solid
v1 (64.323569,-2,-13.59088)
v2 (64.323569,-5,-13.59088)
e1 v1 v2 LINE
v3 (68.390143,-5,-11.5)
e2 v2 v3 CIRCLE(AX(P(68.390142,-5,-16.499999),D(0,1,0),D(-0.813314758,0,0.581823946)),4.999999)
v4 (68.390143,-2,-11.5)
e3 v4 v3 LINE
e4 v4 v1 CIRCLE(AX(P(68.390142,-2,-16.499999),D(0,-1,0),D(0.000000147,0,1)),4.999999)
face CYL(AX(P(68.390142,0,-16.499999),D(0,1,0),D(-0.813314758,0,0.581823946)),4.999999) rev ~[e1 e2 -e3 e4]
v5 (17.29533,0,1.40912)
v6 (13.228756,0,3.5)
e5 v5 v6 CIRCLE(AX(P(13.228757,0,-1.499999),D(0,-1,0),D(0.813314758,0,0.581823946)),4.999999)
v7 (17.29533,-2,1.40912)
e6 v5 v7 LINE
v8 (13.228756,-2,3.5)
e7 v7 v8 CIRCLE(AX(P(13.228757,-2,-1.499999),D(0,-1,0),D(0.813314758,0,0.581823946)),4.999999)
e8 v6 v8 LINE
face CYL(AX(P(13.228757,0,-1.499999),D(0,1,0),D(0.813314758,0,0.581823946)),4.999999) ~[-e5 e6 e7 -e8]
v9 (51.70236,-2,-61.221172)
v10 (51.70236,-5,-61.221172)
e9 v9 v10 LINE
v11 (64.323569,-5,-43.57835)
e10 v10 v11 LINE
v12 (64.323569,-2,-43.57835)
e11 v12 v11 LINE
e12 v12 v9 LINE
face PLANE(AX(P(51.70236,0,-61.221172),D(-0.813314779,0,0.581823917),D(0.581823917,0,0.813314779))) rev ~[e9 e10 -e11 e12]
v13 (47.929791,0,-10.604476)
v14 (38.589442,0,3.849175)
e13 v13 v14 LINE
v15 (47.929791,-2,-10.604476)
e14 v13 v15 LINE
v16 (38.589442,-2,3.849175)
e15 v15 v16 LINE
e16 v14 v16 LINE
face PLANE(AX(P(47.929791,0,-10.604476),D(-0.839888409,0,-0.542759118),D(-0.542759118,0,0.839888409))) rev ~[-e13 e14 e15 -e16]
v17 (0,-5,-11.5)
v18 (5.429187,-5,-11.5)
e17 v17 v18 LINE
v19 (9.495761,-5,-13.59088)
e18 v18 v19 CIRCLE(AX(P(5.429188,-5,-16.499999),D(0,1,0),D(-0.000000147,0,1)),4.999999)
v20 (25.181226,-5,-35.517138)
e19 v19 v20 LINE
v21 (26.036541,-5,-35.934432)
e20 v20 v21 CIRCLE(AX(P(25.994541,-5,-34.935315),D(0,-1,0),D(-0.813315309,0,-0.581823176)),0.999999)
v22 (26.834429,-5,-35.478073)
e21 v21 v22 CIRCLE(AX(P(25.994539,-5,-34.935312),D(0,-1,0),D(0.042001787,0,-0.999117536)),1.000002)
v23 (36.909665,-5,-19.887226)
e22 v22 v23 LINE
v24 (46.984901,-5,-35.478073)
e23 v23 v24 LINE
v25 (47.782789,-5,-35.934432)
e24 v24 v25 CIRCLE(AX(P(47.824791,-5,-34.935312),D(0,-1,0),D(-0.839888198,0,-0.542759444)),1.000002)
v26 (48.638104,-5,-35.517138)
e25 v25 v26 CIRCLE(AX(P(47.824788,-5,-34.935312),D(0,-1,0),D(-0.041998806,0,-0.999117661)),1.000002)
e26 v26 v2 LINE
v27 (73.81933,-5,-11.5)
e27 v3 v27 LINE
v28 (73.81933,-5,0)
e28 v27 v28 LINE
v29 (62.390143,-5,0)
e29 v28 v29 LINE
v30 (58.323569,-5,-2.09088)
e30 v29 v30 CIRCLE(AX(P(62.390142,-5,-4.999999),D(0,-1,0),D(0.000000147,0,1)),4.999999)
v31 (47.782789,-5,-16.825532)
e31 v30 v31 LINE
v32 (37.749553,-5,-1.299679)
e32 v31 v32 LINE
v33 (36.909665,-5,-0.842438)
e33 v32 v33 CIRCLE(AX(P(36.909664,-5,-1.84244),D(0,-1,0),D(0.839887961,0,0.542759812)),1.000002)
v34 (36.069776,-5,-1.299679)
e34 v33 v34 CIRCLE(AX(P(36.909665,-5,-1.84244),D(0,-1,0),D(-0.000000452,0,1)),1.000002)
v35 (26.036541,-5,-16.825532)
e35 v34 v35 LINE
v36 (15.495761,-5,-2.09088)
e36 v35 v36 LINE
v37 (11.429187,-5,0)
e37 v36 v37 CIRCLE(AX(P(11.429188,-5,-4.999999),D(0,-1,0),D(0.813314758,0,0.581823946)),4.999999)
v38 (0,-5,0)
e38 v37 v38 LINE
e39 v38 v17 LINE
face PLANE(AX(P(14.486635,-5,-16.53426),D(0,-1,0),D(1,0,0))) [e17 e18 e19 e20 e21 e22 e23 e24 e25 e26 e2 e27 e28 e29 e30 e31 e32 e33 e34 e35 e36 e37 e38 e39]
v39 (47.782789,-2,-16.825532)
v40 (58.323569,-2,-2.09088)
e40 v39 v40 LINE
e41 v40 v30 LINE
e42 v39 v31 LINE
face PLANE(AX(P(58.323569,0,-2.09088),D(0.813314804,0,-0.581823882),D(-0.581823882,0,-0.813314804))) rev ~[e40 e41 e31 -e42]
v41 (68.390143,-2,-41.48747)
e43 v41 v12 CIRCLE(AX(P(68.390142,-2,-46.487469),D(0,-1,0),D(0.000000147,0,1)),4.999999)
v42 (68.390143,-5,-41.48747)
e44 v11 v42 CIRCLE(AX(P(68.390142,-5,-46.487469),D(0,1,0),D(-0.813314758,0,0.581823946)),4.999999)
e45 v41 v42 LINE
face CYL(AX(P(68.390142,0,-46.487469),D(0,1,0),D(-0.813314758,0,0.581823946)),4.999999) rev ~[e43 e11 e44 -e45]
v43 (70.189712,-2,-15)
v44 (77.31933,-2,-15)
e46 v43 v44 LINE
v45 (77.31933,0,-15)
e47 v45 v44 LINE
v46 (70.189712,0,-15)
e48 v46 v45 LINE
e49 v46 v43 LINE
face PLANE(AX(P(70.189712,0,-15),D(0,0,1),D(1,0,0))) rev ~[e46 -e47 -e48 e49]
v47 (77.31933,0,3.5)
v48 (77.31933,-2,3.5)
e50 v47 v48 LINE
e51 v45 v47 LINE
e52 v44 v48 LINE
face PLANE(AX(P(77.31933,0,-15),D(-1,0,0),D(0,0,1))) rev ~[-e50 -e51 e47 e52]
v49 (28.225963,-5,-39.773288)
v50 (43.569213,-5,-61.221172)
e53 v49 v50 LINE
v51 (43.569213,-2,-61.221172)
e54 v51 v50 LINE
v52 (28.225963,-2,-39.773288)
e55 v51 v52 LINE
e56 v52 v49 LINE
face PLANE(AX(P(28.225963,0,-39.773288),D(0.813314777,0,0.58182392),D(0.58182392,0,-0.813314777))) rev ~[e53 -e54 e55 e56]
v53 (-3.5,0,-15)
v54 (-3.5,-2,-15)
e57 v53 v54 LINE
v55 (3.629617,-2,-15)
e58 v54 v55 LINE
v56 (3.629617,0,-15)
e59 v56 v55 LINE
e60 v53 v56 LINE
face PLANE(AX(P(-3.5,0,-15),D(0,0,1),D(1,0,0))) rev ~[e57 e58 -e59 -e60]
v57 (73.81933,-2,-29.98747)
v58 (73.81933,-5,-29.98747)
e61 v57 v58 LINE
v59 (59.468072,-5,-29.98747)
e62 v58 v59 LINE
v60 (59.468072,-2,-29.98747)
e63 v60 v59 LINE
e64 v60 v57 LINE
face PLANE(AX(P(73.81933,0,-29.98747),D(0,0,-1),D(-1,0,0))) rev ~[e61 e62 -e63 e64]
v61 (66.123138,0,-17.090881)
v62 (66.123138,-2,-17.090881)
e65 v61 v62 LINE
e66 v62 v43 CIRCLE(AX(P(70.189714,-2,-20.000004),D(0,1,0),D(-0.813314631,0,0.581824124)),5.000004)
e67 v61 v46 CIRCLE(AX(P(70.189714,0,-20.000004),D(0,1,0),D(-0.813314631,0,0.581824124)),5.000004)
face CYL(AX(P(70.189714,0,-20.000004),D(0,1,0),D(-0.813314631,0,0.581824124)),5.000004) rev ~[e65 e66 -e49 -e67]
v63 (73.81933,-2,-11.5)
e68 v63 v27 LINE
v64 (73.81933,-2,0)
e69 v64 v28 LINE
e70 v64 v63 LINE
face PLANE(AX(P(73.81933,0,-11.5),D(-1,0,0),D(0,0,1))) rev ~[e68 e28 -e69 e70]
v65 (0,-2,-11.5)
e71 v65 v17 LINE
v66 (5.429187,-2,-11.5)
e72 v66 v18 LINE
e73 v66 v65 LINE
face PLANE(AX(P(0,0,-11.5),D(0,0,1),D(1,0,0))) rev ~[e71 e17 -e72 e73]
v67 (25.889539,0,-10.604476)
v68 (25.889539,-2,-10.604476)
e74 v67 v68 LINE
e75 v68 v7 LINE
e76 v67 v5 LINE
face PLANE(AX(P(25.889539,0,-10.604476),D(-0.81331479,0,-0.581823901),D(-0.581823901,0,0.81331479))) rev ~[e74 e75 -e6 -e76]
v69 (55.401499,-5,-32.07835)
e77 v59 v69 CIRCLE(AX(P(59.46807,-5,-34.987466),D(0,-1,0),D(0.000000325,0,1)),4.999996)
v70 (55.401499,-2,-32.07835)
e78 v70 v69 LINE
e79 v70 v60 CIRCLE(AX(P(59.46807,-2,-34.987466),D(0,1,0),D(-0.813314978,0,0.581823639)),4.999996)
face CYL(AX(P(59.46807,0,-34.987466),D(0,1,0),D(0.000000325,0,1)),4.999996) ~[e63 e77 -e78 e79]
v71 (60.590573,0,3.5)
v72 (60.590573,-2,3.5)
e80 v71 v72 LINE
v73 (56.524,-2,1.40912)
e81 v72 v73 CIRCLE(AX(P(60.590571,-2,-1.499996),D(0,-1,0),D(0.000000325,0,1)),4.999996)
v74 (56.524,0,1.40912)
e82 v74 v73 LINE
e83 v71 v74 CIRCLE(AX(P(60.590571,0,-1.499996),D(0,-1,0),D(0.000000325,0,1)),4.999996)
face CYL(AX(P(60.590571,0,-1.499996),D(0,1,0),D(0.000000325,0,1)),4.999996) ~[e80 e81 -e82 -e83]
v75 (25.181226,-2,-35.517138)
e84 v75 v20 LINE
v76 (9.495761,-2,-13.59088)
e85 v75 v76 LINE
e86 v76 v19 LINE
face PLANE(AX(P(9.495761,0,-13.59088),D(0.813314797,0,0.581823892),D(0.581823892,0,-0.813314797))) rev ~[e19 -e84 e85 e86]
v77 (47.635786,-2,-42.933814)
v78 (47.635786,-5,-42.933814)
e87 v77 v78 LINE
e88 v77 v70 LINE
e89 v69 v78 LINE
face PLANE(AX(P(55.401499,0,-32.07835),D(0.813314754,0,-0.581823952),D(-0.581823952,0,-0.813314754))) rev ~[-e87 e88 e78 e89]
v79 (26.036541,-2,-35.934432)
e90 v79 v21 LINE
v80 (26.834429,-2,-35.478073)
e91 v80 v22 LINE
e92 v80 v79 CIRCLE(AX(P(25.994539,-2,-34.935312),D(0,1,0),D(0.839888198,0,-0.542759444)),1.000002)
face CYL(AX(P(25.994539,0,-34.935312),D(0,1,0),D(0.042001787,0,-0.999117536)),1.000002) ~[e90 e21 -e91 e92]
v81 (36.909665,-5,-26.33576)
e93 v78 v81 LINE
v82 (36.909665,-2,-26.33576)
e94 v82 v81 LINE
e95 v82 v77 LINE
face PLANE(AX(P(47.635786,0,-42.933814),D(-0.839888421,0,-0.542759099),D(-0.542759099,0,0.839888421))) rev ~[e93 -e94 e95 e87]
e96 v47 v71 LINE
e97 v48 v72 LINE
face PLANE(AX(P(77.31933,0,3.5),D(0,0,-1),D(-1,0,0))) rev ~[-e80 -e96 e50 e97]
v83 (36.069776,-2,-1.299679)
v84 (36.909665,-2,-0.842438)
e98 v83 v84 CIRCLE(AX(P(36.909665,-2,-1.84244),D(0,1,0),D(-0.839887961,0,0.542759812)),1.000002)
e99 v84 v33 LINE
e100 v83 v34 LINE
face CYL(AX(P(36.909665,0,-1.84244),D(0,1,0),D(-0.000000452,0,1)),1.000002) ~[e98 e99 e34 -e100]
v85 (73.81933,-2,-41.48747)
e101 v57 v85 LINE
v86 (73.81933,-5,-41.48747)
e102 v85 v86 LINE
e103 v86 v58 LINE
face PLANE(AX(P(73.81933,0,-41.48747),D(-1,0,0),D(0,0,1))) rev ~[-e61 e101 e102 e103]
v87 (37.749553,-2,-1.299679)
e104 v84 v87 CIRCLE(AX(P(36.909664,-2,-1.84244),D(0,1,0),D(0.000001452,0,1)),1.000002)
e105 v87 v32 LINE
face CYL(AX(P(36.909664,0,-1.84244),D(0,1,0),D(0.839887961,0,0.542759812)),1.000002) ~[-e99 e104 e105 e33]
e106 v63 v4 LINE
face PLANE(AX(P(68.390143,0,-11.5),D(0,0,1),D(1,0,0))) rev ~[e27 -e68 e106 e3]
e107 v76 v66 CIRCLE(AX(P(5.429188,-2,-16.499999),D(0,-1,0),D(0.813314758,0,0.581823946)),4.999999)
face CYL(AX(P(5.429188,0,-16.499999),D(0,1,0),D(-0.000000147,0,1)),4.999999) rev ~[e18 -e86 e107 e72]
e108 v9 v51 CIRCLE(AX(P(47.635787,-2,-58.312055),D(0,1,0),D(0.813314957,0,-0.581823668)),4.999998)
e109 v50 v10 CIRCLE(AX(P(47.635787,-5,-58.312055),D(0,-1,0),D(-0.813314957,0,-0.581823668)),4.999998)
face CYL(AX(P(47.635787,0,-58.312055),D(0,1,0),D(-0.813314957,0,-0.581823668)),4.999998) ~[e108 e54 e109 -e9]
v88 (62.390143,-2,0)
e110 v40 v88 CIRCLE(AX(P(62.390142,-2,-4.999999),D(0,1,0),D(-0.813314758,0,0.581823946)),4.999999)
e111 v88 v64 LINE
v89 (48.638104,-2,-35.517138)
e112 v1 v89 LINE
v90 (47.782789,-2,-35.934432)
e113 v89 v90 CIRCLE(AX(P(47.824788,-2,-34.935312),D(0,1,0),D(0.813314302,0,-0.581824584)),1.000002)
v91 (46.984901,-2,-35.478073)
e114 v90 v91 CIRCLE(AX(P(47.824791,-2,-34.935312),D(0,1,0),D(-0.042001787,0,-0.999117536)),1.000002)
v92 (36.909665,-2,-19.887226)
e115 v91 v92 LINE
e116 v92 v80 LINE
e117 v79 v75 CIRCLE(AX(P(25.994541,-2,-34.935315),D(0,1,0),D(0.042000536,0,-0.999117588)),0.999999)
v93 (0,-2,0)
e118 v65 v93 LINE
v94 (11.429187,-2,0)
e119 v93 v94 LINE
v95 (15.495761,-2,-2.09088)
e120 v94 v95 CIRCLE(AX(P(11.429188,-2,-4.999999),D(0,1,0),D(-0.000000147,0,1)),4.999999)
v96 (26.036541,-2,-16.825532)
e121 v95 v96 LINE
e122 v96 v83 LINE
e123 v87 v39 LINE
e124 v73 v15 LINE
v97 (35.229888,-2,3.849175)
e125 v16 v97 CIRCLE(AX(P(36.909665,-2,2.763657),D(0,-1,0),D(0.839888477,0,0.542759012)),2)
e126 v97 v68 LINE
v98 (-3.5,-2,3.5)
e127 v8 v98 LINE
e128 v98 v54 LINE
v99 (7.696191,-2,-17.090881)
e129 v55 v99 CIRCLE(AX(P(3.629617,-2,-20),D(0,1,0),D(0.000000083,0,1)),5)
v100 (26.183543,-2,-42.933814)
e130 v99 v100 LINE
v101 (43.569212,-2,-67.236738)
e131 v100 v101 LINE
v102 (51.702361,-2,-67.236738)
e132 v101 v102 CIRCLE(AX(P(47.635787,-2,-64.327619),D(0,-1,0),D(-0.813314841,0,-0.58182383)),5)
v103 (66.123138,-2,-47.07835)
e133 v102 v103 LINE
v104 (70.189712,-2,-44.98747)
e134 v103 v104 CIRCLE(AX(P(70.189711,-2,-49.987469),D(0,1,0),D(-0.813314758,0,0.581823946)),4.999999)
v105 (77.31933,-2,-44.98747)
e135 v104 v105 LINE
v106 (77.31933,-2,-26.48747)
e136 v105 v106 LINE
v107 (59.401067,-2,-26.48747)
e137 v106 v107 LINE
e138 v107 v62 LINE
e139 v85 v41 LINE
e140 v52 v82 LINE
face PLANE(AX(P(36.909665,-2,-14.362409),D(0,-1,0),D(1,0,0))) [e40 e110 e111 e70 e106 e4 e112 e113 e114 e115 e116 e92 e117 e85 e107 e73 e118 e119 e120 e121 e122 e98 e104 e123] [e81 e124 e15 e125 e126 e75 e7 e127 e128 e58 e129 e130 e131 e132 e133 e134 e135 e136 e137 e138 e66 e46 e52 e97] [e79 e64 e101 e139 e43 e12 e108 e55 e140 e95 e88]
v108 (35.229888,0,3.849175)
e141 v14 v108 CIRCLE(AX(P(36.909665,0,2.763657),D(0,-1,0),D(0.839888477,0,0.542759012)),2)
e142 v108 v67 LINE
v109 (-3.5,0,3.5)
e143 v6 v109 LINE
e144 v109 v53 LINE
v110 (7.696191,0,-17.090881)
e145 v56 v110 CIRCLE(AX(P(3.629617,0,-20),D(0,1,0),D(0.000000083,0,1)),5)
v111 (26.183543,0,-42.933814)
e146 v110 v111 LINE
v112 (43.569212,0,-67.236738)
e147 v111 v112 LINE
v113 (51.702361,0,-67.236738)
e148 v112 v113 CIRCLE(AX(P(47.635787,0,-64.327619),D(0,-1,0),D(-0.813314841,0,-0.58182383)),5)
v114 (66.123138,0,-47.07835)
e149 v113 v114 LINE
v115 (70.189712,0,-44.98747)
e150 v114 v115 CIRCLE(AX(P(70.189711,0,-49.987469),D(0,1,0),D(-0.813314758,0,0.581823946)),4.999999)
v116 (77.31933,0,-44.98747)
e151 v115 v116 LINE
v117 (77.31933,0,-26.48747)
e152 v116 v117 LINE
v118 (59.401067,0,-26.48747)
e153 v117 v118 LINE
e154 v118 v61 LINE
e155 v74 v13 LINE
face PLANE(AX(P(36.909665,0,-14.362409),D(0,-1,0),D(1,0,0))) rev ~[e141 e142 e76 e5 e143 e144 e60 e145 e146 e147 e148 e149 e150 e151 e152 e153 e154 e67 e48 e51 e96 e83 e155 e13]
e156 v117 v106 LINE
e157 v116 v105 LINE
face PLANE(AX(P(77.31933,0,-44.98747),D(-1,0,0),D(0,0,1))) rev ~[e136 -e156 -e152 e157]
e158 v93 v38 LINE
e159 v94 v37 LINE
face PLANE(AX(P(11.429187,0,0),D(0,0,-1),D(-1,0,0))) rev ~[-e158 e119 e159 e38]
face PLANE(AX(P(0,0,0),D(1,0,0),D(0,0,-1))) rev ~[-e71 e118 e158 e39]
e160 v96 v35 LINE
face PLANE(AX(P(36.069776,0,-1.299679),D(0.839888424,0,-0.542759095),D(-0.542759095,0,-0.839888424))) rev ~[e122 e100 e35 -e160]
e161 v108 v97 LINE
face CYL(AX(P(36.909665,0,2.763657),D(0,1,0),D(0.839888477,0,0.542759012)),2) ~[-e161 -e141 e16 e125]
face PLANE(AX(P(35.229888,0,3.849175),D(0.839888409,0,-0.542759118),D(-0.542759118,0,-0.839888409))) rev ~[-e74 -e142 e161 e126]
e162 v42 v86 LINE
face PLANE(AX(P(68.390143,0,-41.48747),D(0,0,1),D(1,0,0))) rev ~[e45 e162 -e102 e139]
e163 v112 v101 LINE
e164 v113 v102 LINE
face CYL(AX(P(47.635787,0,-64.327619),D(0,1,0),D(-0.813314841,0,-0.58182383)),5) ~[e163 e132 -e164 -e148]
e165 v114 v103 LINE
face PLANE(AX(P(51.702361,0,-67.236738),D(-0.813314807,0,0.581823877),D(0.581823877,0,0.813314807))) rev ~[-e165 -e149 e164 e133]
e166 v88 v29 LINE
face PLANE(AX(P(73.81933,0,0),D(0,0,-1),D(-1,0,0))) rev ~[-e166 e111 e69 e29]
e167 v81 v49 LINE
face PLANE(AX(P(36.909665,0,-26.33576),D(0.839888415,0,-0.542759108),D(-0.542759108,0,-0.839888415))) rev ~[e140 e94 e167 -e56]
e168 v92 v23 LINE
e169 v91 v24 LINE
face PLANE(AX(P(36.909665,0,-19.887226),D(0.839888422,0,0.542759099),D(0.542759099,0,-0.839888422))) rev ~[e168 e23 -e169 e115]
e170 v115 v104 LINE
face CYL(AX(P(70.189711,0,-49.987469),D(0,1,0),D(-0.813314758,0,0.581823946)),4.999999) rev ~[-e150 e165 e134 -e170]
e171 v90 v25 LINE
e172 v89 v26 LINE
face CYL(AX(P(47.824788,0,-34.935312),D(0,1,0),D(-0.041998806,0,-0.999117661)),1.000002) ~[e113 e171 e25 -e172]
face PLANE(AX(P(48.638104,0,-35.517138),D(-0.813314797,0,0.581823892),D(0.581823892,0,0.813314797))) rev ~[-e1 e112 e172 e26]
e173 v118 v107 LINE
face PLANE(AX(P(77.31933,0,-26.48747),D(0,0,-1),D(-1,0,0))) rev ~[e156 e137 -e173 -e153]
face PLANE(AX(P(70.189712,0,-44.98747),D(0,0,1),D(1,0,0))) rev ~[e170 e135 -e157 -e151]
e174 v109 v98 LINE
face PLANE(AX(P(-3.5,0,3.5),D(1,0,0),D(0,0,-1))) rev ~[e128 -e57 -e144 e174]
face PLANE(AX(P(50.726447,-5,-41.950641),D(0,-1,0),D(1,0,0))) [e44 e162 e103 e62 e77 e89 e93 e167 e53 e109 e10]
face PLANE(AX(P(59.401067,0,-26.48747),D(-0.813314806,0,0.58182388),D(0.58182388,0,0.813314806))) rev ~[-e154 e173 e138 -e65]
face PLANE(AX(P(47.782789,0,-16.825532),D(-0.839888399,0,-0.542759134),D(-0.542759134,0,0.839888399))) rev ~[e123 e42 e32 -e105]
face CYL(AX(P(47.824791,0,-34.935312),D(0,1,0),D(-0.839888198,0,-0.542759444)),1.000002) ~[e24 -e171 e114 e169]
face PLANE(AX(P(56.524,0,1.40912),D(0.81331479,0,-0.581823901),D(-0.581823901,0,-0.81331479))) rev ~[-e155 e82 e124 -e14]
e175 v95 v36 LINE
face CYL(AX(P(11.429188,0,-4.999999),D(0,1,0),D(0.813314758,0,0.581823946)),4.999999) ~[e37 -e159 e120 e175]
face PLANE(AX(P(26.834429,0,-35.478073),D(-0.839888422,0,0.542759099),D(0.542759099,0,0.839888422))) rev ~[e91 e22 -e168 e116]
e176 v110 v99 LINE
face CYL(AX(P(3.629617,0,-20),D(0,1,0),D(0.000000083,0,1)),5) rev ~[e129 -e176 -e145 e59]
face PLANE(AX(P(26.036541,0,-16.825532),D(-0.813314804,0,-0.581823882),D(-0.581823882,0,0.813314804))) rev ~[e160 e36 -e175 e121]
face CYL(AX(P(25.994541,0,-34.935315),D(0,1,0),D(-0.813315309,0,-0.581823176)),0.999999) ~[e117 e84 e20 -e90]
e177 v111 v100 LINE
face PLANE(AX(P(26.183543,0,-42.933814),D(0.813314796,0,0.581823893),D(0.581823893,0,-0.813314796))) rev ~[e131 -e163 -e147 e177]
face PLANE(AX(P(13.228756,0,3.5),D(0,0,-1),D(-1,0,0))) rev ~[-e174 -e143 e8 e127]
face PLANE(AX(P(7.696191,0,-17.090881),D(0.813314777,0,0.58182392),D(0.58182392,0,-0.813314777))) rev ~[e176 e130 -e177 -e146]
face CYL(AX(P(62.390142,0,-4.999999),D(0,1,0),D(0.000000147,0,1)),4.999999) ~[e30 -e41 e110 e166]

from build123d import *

# Parameters (mm, degrees)
F1_DEPTH = 5
F2_DEPTH = 2


with BuildPart() as f1:
    # F0 (on Front) → F1 (new body)
    with BuildSketch(Plane.XZ):
        with BuildLine():
            Line((26.036541, -16.825532), (0, 0))
            Line((0, 0), (0, -11.5))
            Line((0, -11.5), (5.429187, -11.5))
            ThreePointArc((5.429187, -11.5), (7.715494, -12.053338), (9.495761, -13.59088))
            Line((9.495761, -13.59088), (25.181226, -35.517138))
            ThreePointArc((25.181226, -35.517138), (25.55606, -35.834055), (26.036541, -35.934432))
            Line((26.036541, -35.934432), (26.036541, -16.825532))
        make_face()
        with BuildLine():
            Line((11.429187, 0), (0, 0))
            Line((0, 0), (26.036541, -16.825532))
            Line((26.036541, -16.825532), (15.495761, -2.09088))
            ThreePointArc((15.495761, -2.09088), (13.715494, -0.553338), (11.429187, 0))
        make_face()
        with BuildLine():
            Line((36.069776, -1.299679), (26.036541, -16.825532))
            Line((26.036541, -16.825532), (26.036541, -35.934432))
            ThreePointArc((26.036541, -35.934432), (26.491026, -35.803359), (26.834429, -35.478073))
            Line((26.834429, -35.478073), (36.909665, -19.887226))
            Line((36.909665, -19.887226), (36.909665, -0.842438))
            ThreePointArc((36.909665, -0.842438), (36.431522, -0.964156), (36.069776, -1.299679))
        make_face()
        with BuildLine():
            ThreePointArc((37.749553, -1.299679), (37.387807, -0.964156), (36.909665, -0.842438))
            Line((36.909665, -0.842438), (36.909665, -19.887226))
            Line((36.909665, -19.887226), (46.984901, -35.478073))
            ThreePointArc((46.984901, -35.478073), (47.328304, -35.803359), (47.782789, -35.934432))
            Line((47.782789, -35.934432), (47.782789, -16.825532))
            Line((47.782789, -16.825532), (37.749553, -1.299679))
        make_face()
        with BuildLine():
            Line((58.323569, -2.09088), (47.782789, -16.825532))
            Line((47.782789, -16.825532), (47.782789, -35.934432))
            ThreePointArc((47.782789, -35.934432), (48.263269, -35.834055), (48.638104, -35.517138))
            Line((48.638104, -35.517138), (64.323569, -13.59088))
            ThreePointArc((64.323569, -13.59088), (66.103836, -12.053338), (68.390143, -11.5))
            Line((68.390143, -11.5), (73.81933, -11.5))
            Line((73.81933, -11.5), (73.81933, 0))
            Line((73.81933, 0), (62.390143, 0))
            ThreePointArc((62.390143, 0), (60.103836, -0.553338), (58.323569, -2.09088))
        make_face()
        with BuildLine():
            Line((36.909665, -26.33576), (28.225963, -39.773288))
            Line((28.225963, -39.773288), (43.569213, -61.221172))
            ThreePointArc((43.569213, -61.221172), (47.635786, -63.312053), (51.70236, -61.221172))
            Line((51.70236, -61.221172), (64.323569, -43.57835))
            ThreePointArc((64.323569, -43.57835), (66.103836, -42.040808), (68.390143, -41.48747))
            Line((68.390143, -41.48747), (73.81933, -41.48747))
            Line((73.81933, -41.48747), (73.81933, -29.98747))
            Line((73.81933, -29.98747), (59.468072, -29.98747))
            ThreePointArc((59.468072, -29.98747), (57.181765, -30.540808), (55.401499, -32.07835))
            Line((55.401499, -32.07835), (47.635786, -42.933814))
            Line((47.635786, -42.933814), (36.909665, -26.33576))
        make_face()
    extrude(amount=F1_DEPTH)

    # F0 (on Front) → F2 (join)
    with BuildSketch(Plane.XZ):
        with BuildLine():
            Line((26.183543, -42.933814), (28.225963, -39.773288))
            Line((28.225963, -39.773288), (36.909665, -26.33576))
            Line((36.909665, -26.33576), (47.635786, -42.933814))
            Line((47.635786, -42.933814), (55.401499, -32.07835))
            Line((55.401499, -32.07835), (59.401067, -26.48747))
            Line((59.401067, -26.48747), (66.123138, -17.090881))
            ThreePointArc((66.123138, -17.090881), (67.903405, -15.553339), (70.189712, -15))
            Line((70.189712, -15), (77.31933, -15))
            Line((77.31933, -15), (77.31933, 3.5))
            Line((77.31933, 3.5), (60.590573, 3.5))
            ThreePointArc((60.590573, 3.5), (58.304266, 2.946662), (56.524, 1.40912))
            Line((56.524, 1.40912), (47.929791, -10.604476))
            Line((47.929791, -10.604476), (38.589442, 3.849175))
            ThreePointArc((38.589442, 3.849175), (36.909665, 4.763657), (35.229888, 3.849175))
            Line((35.229888, 3.849175), (25.889539, -10.604476))
            Line((25.889539, -10.604476), (17.29533, 1.40912))
            ThreePointArc((17.29533, 1.40912), (15.515063, 2.946662), (13.228756, 3.5))
            Line((13.228756, 3.5), (-3.5, 3.5))
            Line((-3.5, 3.5), (-3.5, -15))
            Line((-3.5, -15), (3.629617, -15))
            ThreePointArc((3.629617, -15), (5.915925, -15.553339), (7.696191, -17.090881))
            Line((7.696191, -17.090881), (26.183543, -42.933814))
        make_face()
        with BuildLine():
            Line((0, -11.5), (0, 0))
            Line((0, 0), (11.429187, 0))
            ThreePointArc((11.429187, 0), (13.715494, -0.553338), (15.495761, -2.09088))
            Line((15.495761, -2.09088), (26.036541, -16.825532))
            Line((26.036541, -16.825532), (36.069776, -1.299679))
            ThreePointArc((36.069776, -1.299679), (36.431522, -0.964156), (36.909665, -0.842438))
            ThreePointArc((36.909665, -0.842438), (37.387807, -0.964156), (37.749553, -1.299679))
            Line((37.749553, -1.299679), (47.782789, -16.825532))
            Line((47.782789, -16.825532), (58.323569, -2.09088))
            ThreePointArc((58.323569, -2.09088), (60.103836, -0.553338), (62.390143, 0))
            Line((62.390143, 0), (73.81933, 0))
            Line((73.81933, 0), (73.81933, -11.5))
            Line((73.81933, -11.5), (68.390143, -11.5))
            ThreePointArc((68.390143, -11.5), (66.103836, -12.053338), (64.323569, -13.59088))
            Line((64.323569, -13.59088), (48.638104, -35.517138))
            ThreePointArc((48.638104, -35.517138), (48.263269, -35.834055), (47.782789, -35.934432))
            ThreePointArc((47.782789, -35.934432), (47.328304, -35.803359), (46.984901, -35.478073))
            Line((46.984901, -35.478073), (36.909665, -19.887226))
            Line((36.909665, -19.887226), (26.834429, -35.478073))
            ThreePointArc((26.834429, -35.478073), (26.491026, -35.803359), (26.036541, -35.934432))
            ThreePointArc((26.036541, -35.934432), (25.55606, -35.834055), (25.181226, -35.517138))
            Line((25.181226, -35.517138), (9.495761, -13.59088))
            ThreePointArc((9.495761, -13.59088), (7.715494, -12.053338), (5.429187, -11.5))
            Line((5.429187, -11.5), (0, -11.5))
        make_face(mode=Mode.SUBTRACT)
        with BuildLine():
            Line((43.569213, -61.221172), (28.225963, -39.773288))
            Line((28.225963, -39.773288), (26.183543, -42.933814))
            Line((26.183543, -42.933814), (43.569212, -67.236738))
            ThreePointArc((43.569212, -67.236738), (47.635787, -69.327619), (51.702361, -67.236738))
            Line((51.702361, -67.236738), (66.123138, -47.07835))
            ThreePointArc((66.123138, -47.07835), (67.903405, -45.540808), (70.189712, -44.98747))
            Line((70.189712, -44.98747), (77.31933, -44.98747))
            Line((77.31933, -44.98747), (77.31933, -26.48747))
            Line((77.31933, -26.48747), (59.401067, -26.48747))
            Line((59.401067, -26.48747), (55.401499, -32.07835))
            ThreePointArc((55.401499, -32.07835), (57.181765, -30.540808), (59.468072, -29.98747))
            Line((59.468072, -29.98747), (73.81933, -29.98747))
            Line((73.81933, -29.98747), (73.81933, -41.48747))
            Line((73.81933, -41.48747), (68.390143, -41.48747))
            ThreePointArc((68.390143, -41.48747), (66.103836, -42.040808), (64.323569, -43.57835))
            Line((64.323569, -43.57835), (51.70236, -61.221172))
            ThreePointArc((51.70236, -61.221172), (47.635786, -63.312053), (43.569213, -61.221172))
        make_face()
    extrude(amount=F2_DEPTH)


solid = f1.part
